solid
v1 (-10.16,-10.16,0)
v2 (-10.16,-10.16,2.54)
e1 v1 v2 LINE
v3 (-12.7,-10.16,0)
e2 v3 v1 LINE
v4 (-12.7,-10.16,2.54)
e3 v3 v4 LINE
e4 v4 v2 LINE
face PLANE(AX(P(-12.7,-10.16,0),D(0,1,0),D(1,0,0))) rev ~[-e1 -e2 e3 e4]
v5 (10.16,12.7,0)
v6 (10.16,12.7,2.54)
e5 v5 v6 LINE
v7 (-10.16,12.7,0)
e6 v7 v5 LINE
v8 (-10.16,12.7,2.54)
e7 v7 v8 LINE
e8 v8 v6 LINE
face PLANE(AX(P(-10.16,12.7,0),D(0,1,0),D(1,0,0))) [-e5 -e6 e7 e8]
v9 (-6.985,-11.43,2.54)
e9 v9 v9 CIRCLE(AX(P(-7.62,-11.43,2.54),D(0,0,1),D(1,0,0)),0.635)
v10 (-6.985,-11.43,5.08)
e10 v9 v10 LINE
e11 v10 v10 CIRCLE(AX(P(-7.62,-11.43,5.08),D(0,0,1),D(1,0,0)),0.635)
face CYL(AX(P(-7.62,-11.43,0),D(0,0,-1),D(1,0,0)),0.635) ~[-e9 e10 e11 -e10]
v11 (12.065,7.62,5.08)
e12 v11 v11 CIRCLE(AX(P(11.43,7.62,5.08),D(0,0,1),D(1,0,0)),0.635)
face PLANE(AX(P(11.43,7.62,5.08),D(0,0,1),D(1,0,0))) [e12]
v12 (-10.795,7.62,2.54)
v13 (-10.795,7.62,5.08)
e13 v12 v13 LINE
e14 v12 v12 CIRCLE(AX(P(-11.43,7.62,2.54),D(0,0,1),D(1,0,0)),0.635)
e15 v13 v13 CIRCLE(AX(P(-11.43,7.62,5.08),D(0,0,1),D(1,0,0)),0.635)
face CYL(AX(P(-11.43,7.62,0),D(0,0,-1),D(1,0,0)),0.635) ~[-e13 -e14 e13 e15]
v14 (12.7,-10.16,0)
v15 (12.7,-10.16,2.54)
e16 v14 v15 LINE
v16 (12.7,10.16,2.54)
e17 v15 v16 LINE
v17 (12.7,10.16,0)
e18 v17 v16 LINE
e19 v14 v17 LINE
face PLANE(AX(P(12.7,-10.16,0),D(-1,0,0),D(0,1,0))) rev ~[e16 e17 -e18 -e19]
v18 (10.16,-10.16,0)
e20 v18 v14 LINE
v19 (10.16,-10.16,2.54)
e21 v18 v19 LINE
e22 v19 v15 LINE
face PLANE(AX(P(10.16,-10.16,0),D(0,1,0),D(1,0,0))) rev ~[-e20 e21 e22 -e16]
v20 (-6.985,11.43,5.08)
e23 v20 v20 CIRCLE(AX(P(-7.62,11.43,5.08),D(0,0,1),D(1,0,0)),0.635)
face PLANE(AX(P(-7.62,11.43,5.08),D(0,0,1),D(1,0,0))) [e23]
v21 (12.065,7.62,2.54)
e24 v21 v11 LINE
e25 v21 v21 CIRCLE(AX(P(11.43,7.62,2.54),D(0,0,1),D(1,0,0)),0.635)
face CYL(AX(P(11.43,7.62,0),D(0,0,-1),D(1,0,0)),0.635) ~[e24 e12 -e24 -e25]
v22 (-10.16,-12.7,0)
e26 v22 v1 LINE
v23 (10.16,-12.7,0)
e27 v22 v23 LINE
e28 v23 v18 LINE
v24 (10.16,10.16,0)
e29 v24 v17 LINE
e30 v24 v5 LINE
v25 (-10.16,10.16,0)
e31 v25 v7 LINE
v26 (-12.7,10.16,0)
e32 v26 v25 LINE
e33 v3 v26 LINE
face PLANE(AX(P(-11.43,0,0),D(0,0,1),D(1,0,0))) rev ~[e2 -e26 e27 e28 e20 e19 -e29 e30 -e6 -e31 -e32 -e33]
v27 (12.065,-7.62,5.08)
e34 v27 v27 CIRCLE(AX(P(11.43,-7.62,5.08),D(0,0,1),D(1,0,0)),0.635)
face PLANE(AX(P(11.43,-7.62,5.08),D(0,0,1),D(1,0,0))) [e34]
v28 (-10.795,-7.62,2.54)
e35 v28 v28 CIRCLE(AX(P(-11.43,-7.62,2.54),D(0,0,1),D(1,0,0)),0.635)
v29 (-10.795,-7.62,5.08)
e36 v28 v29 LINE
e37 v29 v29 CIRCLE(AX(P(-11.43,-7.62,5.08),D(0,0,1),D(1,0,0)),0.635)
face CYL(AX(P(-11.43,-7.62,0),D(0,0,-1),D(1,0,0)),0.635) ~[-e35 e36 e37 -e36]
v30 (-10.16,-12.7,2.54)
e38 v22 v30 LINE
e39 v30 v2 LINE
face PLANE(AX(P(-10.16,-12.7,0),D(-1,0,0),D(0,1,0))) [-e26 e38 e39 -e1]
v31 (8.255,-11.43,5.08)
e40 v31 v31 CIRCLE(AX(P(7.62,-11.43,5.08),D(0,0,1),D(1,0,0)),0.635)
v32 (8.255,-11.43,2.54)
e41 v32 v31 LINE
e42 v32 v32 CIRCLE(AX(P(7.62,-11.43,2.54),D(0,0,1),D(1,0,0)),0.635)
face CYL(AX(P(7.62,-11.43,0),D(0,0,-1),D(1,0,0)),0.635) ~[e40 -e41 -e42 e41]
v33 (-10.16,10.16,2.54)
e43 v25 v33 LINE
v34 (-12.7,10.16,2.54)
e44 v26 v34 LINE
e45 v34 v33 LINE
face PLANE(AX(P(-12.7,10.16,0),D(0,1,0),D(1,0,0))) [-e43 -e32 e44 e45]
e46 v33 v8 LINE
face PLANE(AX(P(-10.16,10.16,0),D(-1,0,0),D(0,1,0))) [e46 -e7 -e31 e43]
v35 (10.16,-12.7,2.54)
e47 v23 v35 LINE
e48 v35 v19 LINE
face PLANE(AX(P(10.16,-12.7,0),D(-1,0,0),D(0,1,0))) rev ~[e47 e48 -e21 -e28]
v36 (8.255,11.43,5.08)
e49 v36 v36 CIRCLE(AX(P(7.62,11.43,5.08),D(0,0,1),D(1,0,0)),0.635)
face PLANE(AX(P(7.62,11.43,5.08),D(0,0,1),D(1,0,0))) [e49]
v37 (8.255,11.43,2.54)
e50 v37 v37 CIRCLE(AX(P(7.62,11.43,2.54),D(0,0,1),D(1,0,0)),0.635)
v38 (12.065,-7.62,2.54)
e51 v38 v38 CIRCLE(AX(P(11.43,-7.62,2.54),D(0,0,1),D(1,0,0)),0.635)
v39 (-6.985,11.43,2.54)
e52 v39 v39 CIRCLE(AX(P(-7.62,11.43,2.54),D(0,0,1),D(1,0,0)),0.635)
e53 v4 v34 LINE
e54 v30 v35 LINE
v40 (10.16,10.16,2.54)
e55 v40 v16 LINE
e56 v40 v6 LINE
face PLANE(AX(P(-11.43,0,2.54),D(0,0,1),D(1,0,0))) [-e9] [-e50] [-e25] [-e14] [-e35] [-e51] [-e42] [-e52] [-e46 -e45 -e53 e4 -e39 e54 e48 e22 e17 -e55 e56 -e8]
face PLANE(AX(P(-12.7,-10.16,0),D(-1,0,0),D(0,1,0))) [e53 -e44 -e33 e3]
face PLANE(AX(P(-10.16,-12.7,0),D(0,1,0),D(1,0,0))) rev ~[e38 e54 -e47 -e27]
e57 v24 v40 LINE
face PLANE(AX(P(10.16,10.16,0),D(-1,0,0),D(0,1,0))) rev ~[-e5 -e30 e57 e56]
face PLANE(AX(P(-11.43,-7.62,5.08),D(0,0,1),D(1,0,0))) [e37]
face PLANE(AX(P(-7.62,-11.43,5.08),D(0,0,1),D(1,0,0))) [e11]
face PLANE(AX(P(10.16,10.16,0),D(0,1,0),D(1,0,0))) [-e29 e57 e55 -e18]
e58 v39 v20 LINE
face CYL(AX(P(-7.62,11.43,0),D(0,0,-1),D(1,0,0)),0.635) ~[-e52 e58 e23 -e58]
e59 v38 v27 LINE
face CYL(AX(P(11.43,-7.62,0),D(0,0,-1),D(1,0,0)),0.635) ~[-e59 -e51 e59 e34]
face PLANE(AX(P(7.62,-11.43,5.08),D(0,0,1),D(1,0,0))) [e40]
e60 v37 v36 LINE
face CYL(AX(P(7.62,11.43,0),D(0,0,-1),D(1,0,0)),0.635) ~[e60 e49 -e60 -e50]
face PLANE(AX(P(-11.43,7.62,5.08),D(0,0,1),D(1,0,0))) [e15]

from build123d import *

# Parameters (mm, degrees)
F0_W     = 2.54
F0_H     = 20.32
F0_R     = 0.635
F0_W_2   = 20.32
F0_H_2   = 2.54
F1_DEPTH = 2.54
F2_DEPTH = 5.08


with BuildPart() as f1:
    # F0 (on Top) → F1 (new body)
    with BuildSketch(Plane.XY):
        with Locations((-11.43, 0)):
            Rectangle(F0_W, F0_H)
        with Locations((-11.43, -7.62)):
            Circle(F0_R, mode=Mode.SUBTRACT)
        with Locations((-11.43, 7.62)):
            Circle(F0_R, mode=Mode.SUBTRACT)
        with Locations((0, 11.43)):
            Rectangle(F0_W_2, F0_H_2)
        with Locations((-7.62, 11.43)):
            Circle(F0_R, mode=Mode.SUBTRACT)
        with Locations((7.62, 11.43)):
            Circle(F0_R, mode=Mode.SUBTRACT)
        Rectangle(F0_W_2, F0_H)
        with Locations((0, -11.43)):
            Rectangle(F0_W_2, F0_H_2)
        with Locations((-7.62, -11.43)):
            Circle(F0_R, mode=Mode.SUBTRACT)
        with Locations((7.62, -11.43)):
            Circle(F0_R, mode=Mode.SUBTRACT)
        with Locations((11.43, 0)):
            Rectangle(F0_W, F0_H)
        with Locations((11.43, -7.62)):
            Circle(F0_R, mode=Mode.SUBTRACT)
        with Locations((11.43, 7.62)):
            Circle(F0_R, mode=Mode.SUBTRACT)
    extrude(amount=F1_DEPTH)

    # F0 (on Top) → F2 (join)
    with BuildSketch(Plane.XY):
        with Locations((-11.43, 7.62)):
            Circle(F0_R)
        with Locations((-7.62, 11.43)):
            Circle(F0_R)
        with Locations((7.62, 11.43)):
            Circle(F0_R)
        with Locations((11.43, 7.62)):
            Circle(F0_R)
        with Locations((11.43, -7.62)):
            Circle(F0_R)
        with Locations((7.62, -11.43)):
            Circle(F0_R)
        with Locations((-7.62, -11.43)):
            Circle(F0_R)
        with Locations((-11.43, -7.62)):
            Circle(F0_R)
    extrude(amount=F2_DEPTH)


solid = f1.part
